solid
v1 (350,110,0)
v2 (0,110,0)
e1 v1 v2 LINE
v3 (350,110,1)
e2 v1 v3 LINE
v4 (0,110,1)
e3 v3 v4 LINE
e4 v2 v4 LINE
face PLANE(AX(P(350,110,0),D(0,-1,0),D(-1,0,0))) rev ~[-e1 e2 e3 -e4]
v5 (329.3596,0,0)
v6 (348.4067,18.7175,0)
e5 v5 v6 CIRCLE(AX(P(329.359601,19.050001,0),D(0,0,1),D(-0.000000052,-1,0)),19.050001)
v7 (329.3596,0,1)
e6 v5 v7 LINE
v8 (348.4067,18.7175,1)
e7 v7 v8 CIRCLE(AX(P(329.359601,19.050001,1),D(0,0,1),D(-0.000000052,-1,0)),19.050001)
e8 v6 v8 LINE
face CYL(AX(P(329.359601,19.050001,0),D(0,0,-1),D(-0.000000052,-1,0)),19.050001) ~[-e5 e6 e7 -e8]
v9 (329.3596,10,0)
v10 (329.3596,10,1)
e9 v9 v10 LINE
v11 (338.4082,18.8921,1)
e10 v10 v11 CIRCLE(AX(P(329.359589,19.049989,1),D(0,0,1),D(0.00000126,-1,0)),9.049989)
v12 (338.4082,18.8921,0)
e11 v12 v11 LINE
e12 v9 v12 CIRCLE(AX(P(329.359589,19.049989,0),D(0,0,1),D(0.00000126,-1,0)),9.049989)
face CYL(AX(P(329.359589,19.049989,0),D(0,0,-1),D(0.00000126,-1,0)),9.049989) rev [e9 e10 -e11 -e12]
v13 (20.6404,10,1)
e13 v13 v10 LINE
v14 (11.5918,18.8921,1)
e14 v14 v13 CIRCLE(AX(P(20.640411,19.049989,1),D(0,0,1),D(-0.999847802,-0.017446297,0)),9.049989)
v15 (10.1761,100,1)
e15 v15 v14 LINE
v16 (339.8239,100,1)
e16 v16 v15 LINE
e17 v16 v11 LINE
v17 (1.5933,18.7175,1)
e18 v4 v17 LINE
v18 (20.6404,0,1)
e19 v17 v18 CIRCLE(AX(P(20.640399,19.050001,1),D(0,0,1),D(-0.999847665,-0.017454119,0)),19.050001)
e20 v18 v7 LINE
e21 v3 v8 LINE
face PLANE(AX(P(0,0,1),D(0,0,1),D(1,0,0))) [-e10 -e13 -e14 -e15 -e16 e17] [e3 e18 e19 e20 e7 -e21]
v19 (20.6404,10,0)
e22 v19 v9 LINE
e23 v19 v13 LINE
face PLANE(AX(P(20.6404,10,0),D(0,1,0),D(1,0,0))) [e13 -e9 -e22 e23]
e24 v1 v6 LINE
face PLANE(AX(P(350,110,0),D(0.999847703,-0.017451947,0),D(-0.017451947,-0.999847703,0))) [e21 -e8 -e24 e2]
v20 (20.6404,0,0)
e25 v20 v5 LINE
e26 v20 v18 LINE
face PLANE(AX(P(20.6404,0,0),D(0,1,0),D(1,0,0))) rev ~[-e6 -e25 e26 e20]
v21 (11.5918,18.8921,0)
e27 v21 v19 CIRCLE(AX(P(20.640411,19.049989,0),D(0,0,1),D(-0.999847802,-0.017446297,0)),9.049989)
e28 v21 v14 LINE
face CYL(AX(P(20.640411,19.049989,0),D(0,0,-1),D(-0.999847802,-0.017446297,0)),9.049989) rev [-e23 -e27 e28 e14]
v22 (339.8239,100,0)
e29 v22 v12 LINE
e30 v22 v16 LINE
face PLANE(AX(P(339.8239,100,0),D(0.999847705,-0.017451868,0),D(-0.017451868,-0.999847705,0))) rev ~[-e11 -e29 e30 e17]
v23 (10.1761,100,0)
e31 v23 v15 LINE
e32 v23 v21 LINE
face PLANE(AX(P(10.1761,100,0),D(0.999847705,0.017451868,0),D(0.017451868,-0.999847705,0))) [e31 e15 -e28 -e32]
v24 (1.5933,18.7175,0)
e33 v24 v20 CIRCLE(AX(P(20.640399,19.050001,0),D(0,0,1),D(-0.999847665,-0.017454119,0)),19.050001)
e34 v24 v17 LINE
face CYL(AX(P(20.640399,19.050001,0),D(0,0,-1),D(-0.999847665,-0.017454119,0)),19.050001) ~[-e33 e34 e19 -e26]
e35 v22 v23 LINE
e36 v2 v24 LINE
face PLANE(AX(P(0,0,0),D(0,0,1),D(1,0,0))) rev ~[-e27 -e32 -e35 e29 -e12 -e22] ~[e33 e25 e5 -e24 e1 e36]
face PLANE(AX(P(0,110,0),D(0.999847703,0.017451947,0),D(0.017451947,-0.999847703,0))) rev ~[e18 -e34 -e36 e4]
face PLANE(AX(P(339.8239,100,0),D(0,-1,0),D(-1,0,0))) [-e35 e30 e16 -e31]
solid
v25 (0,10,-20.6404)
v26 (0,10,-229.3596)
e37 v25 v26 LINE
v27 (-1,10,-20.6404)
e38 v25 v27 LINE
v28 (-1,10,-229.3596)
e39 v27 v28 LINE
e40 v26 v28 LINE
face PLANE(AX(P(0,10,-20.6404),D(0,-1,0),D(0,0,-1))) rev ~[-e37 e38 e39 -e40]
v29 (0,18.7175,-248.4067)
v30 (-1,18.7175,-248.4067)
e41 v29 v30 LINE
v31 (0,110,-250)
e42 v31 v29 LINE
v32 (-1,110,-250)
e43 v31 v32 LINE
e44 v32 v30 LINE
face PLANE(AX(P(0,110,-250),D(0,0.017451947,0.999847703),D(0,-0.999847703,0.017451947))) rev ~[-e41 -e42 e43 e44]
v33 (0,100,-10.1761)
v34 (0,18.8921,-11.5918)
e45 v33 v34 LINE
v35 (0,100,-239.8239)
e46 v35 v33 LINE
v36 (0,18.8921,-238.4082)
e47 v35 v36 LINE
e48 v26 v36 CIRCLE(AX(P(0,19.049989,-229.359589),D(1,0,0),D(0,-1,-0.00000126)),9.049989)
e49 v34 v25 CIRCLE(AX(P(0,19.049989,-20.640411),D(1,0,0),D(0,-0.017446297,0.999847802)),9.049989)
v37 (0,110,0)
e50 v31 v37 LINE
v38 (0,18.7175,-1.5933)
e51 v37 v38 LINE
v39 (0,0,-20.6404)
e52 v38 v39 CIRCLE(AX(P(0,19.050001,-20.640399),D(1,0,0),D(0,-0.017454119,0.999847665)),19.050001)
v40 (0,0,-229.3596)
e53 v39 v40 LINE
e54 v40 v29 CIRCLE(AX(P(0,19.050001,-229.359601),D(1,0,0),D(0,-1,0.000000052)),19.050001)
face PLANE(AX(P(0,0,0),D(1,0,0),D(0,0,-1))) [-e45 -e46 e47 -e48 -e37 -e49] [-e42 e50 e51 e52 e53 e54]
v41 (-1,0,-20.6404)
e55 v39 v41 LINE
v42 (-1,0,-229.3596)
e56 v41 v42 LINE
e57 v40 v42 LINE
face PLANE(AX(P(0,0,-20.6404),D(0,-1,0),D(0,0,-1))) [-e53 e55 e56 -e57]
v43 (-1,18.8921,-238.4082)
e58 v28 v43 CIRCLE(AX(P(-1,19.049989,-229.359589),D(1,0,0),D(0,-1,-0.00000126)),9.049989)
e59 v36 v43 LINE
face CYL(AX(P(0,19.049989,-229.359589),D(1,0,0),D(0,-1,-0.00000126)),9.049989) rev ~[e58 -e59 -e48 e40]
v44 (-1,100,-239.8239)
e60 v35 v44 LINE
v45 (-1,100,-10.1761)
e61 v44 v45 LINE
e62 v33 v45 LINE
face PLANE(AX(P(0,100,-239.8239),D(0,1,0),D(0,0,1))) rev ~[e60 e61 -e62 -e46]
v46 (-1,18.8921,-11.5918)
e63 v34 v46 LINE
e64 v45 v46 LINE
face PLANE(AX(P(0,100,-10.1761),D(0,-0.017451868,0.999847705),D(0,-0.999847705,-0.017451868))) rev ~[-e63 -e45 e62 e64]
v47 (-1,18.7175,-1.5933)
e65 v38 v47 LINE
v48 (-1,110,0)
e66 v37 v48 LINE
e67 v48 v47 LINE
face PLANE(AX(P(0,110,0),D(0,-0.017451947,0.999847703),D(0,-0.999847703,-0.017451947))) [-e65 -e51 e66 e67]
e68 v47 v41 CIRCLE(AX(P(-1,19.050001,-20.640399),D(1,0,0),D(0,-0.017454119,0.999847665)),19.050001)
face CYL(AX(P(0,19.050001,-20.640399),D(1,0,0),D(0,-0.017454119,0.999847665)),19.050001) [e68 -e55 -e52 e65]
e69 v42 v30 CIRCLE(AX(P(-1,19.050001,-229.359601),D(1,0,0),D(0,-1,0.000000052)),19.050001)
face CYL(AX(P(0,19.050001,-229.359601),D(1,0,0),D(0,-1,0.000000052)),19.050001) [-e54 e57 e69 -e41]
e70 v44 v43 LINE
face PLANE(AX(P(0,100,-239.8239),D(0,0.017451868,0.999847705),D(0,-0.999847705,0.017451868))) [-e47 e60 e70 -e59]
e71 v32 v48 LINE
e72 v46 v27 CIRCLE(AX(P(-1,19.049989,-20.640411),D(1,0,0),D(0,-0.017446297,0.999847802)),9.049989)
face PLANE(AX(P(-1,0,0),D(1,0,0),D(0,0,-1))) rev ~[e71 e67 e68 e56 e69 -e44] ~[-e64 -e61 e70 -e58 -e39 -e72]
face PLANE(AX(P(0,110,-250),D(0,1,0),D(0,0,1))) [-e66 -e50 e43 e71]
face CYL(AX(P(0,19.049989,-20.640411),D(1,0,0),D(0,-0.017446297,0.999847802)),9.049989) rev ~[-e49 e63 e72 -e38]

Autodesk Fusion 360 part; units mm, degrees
sketch "FRONT" plane through (0, 0, 0) normal (0, 0, 1) x (1, 0, 0)
  line L0 (0, 0) -> (0, 110) construction
  line L1 (0, 110) -> (1.5933, 18.7175)
  line L2 (0, 110) -> (103.8151, 110) construction
  line L3 (20.6404, 0) -> (329.3596, 0)
  line L4 (350, 0) -> (350, 110) construction
  line L5 (350, 110) -> (348.4067, 18.7175)
  line L6 (350, 110) -> (486.4264, 110) construction
  line L7 (350, 110) -> (375.4, 110)
  line L8 (375.4, 110) -> (375.4, -25.4)
  line L9 (375.4, -25.4) -> (-25.4, -25.4)
  line L10 (-25.4, -25.4) -> (-25.4, 110)
  line L11 (-25.4, 110) -> (0, 110)
  arc A0 (1.5933, 18.7175) -> (20.6404, 0) centre (20.6404, 19.05) ccw
  arc A1 (329.3596, 0) -> (348.4067, 18.7175) centre (329.3596, 19.05) ccw
  line L12 (350, 110) -> (0, 110)
  line L13 (339.8239, 100) -> (10.1761, 100)
  line L14 (10.1761, 100) -> (11.5918, 18.8921)
  arc A2 (11.5918, 18.8921) -> (20.6404, 10) centre (20.6404, 19.05) ccw
  line L15 (20.6404, 10) -> (329.3596, 10)
  arc A3 (329.3596, 10) -> (338.4082, 18.8921) centre (329.3596, 19.05) ccw
  line L16 (339.8239, 100) -> (338.4082, 18.8921)
  dimension "d15" = 110
  dimension "d16" = 89
  dimension "d17" = 350
  dimension "d18" = 110
  dimension "d19" = 91
  dimension "d20" = 25.4
  dimension "d21" = 135.4
  dimension "d22" = 400.8
  dimension "d23" = 135.4
  dimension "d24" = 19.05
sketch "SIDE" plane through (0, 0, 0) normal (1, 0, 0) x (0, 0, -1)
  line L0 (0, 0) -> (0, 110) construction
  line L1 (20.6404, 0) -> (229.3596, 0)
  line L2 (250, 0) -> (250, 110) construction
  line L3 (250, 110) -> (248.4067, 18.7175)
  line L4 (250, 110) -> (374.6664, 110) construction
  line L5 (0, 110) -> (1.5933, 18.7175)
  line L6 (0, 110) -> (107.9664, 110) construction
  line L7 (0, 110) -> (-25.4, 110)
  line L8 (-25.4, 110) -> (-25.4, -25.4)
  line L9 (-25.4, -25.4) -> (275.4, -25.4)
  line L10 (275.4, -25.4) -> (275.4, 110)
  line L11 (275.4, 110) -> (250, 110)
  arc A0 (1.5933, 18.7175) -> (20.6404, 0) centre (20.6404, 19.05) ccw
  arc A1 (229.3596, 0) -> (248.4067, 18.7175) centre (229.3596, 19.05) ccw
  line L12 (250, 110) -> (0, 110)
  arc A2 (11.5918, 18.8921) -> (20.6404, 10) centre (20.6404, 19.05) ccw
  line L13 (20.6404, 10) -> (229.3596, 10)
  arc A3 (229.3596, 10) -> (238.4082, 18.8921) centre (229.3596, 19.05) ccw
  line L14 (239.8239, 100) -> (238.4082, 18.8921)
  line L15 (239.8239, 100) -> (10.1761, 100)
  line L16 (10.1761, 100) -> (11.5918, 18.8921)
  dimension "d151" = 110
  dimension "d152" = 250
  dimension "d153" = 110
  dimension "d154" = 91
  dimension "d155" = 89
  dimension "d156" = 25.4
  dimension "d157" = 135.4
  dimension "d158" = 300.8
  dimension "d159" = 135.4
  dimension "d160" = 25.4
  dimension "d161" = 19.05
extrude "Extrude36" add sketch "SIDE" against normal blind 1 contours L1 L3 L5 A0 A1 L12 makes body 1
extrude "Extrude37" add sketch "FRONT" along normal blind 1 separate body contours L1 L3 L5 A0 A1 L12 makes body 2
copy_body "Body->Comp8" bodies 1 removing the originals makes body 3 in component "Side Test"
copy_body "Body->Comp9" bodies 2 removing the originals makes body 4 in component "Front Test"
ref_plane "WorkPlane3" through (175, 0, 0) normal (1, 0, 0) x (0, 1, 0)
split "Split1" [suppressed] in component "Front Test"
component "Side Test" placed x (1, 0, 0) y (0, 1, 0) z (0, 0, 1) at (0, 0, 0)
component "Front Test" placed x (1, 0, 0) y (0, 1, 0) z (0, 0, 1) at (0, 0, 0)
equation "Overall_HT = 110 mm"
equation "OVERALL_LENGTH = 350 mm"
equation "OVERALL_WIDTH = 250 mm"
equation "BOTTOM_CORNER_RADIUS = 0.75 in"
equation "SIDE_WALL_TAPER = 1 deg"
equation "FRONT_WALL_TAPER = 1 deg"
equation "GRID_SPACING = 15 mm"
equation "d15 = Overall_HT"
equation "d16 = 90 deg - SIDE_WALL_TAPER"
equation "d17 = OVERALL_LENGTH"
equation "d18 = Overall_HT"
equation "d19 = 90 deg + SIDE_WALL_TAPER"
equation "d21 = Overall_HT + 1 in"
equation "d22 = OVERALL_LENGTH + 2 in"
equation "d23 = Overall_HT + 1 in"
equation "d24 = BOTTOM_CORNER_RADIUS"
equation "d151 = Overall_HT"
equation "d152 = OVERALL_WIDTH"
equation "d153 = Overall_HT"
equation "d154 = 90 deg + FRONT_WALL_TAPER"
equation "d155 = 90 deg - FRONT_WALL_TAPER"
equation "d156 = 1\""
equation "d157 = Overall_HT + 1\""
equation "d158 = OVERALL_WIDTH + 2\""
equation "d159 = Overall_HT + 1\""
equation "d160 = 1\""
equation "d161 = BOTTOM_CORNER_RADIUS"
equation "d571 = -TEST_OFFSET"
equation "d572 = -TEST_OFFSET"
equation "TEST_THICK = 1 mm"
equation "d574 = -TEST_THICK"
equation "d576 = TEST_THICK"
equation "TEST_OFFSET = 10 mm"
equation "d579 = OVERALL_LENGTH / 2"
